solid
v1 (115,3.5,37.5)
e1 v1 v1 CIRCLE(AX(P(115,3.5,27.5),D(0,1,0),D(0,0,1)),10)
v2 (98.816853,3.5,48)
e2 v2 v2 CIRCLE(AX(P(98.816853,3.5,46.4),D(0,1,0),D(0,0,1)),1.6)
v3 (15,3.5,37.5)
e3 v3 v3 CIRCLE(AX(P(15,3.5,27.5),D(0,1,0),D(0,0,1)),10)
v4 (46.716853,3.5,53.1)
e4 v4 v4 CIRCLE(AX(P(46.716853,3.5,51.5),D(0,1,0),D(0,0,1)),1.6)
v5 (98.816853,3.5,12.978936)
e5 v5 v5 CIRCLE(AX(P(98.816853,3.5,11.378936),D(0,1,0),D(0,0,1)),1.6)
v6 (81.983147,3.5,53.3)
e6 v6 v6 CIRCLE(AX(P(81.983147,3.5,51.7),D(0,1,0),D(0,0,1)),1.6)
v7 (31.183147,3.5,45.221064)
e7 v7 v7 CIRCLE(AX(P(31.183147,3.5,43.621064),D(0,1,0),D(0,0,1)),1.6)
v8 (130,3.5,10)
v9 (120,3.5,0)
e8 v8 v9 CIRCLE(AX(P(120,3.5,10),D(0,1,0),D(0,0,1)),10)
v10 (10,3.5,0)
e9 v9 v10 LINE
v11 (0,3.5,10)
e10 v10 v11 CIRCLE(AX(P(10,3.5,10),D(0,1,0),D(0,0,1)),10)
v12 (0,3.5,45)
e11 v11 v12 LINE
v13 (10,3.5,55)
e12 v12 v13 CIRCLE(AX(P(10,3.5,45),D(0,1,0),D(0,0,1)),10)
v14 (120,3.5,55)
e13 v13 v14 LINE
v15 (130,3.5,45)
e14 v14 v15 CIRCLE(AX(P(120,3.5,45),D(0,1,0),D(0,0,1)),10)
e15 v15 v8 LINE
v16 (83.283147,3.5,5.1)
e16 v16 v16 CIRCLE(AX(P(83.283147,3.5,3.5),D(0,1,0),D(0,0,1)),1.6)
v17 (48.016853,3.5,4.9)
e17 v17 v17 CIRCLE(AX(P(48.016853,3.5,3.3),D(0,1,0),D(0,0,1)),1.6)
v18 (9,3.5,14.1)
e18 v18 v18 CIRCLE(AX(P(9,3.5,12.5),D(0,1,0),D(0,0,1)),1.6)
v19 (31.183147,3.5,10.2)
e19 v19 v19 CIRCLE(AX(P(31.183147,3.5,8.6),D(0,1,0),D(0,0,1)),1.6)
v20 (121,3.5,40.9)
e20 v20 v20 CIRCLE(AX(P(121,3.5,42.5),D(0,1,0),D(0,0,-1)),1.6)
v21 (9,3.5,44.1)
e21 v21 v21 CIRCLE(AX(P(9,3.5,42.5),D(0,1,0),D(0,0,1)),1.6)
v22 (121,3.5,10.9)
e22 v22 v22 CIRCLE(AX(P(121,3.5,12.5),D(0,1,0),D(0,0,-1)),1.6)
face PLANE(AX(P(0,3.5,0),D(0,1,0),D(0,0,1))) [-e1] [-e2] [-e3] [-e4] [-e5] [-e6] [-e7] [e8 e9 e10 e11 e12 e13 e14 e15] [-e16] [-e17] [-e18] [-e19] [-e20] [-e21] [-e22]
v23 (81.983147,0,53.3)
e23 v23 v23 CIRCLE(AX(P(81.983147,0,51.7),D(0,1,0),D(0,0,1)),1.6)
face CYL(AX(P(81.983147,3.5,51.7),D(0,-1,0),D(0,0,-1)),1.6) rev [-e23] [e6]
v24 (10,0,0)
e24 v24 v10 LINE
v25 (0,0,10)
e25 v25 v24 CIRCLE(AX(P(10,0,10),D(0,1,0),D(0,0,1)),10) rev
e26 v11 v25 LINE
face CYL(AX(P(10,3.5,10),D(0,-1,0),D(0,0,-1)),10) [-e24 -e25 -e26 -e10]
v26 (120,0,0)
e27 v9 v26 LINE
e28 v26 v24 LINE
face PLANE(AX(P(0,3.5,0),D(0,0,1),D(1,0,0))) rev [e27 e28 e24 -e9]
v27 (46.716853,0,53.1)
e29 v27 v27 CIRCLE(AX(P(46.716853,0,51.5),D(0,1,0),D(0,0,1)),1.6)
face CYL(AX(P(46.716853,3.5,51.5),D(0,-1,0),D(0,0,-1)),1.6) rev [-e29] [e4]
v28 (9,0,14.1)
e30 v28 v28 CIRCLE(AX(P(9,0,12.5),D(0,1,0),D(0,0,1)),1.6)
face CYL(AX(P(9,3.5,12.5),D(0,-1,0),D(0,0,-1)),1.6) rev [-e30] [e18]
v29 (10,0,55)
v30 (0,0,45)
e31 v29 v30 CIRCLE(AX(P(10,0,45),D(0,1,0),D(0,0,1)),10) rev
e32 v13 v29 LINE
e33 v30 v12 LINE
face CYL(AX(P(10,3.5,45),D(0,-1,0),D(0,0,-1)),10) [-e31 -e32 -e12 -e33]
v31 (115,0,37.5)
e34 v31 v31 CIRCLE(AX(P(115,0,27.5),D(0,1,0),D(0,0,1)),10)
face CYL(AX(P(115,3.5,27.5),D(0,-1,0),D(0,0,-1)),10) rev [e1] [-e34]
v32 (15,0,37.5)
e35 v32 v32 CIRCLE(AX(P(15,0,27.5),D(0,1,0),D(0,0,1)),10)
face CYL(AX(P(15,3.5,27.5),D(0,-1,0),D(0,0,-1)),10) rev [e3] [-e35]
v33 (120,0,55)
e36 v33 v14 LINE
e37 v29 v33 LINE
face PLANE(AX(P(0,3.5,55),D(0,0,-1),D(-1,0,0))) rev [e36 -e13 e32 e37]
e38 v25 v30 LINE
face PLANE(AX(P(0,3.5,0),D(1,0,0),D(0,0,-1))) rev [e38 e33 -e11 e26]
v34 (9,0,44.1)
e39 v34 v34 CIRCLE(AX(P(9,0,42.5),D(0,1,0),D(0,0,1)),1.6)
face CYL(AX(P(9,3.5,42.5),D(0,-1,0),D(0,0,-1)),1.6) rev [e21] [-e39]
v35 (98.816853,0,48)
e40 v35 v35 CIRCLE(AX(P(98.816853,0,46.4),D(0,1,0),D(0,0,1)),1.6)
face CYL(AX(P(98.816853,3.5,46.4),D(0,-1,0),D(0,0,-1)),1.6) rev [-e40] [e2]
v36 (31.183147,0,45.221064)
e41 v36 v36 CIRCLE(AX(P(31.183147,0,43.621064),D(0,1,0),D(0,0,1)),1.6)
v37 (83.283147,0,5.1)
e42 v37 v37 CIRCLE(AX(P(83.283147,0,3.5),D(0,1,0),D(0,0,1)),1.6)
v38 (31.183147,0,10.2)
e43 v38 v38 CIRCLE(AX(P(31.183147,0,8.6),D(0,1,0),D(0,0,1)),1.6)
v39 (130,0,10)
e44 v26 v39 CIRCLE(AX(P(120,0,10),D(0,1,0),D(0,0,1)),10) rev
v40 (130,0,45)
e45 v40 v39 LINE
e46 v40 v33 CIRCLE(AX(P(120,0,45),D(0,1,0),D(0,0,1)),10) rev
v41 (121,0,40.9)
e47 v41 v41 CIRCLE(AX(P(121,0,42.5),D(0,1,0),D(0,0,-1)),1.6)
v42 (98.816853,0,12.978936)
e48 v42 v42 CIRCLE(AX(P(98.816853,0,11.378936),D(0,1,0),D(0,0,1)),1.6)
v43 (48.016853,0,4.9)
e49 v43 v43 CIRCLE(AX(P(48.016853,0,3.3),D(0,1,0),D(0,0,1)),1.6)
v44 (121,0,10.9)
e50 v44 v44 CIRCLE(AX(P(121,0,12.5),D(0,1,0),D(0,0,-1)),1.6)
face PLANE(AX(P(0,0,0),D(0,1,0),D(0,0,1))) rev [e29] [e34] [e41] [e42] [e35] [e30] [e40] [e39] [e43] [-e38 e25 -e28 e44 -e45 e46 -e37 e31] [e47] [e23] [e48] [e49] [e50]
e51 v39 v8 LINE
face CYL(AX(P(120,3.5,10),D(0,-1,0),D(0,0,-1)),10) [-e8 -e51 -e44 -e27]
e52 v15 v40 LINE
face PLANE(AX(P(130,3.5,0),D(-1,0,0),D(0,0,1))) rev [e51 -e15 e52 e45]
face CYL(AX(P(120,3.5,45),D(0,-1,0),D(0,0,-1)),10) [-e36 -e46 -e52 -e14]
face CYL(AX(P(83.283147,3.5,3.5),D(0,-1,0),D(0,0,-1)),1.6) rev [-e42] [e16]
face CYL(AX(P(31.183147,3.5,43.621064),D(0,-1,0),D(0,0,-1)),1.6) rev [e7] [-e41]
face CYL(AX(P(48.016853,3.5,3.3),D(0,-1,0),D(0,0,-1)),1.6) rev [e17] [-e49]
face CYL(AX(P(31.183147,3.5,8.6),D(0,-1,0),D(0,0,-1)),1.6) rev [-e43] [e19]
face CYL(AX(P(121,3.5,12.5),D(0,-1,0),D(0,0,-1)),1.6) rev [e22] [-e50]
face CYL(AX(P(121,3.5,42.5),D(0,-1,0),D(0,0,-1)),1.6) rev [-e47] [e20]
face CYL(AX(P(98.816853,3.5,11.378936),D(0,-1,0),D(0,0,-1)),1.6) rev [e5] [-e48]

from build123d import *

# Parameters (mm, degrees)
SKETCH1_W           = 130
SKETCH1_H           = 55
SKETCH1_R           = 1.6
SKETCH1_R_2         = 10
BOSS_EXTRUDE3_DEPTH = 3.5
FILLET3_R           = 10


with BuildPart() as part:
    # Sketch1 → Boss-Extrude3 (new body)
    with BuildSketch(Plane(origin=(0, 0, 0), x_dir=(1, 0, 0), z_dir=(0, 1, 0))):
        with Locations((65, -27.5)):
            Rectangle(SKETCH1_W, SKETCH1_H)
        with Locations((9, -12.5)):
            Circle(SKETCH1_R, mode=Mode.SUBTRACT)
        with Locations((9, -42.5)):
            Circle(SKETCH1_R, mode=Mode.SUBTRACT)
        with Locations((121, -42.5)):
            Circle(SKETCH1_R, mode=Mode.SUBTRACT)
        with Locations((121, -12.5)):
            Circle(SKETCH1_R, mode=Mode.SUBTRACT)
        with Locations((15, -27.5)):
            Circle(SKETCH1_R_2, mode=Mode.SUBTRACT)
        with Locations((115, -27.5)):
            Circle(SKETCH1_R_2, mode=Mode.SUBTRACT)
        with Locations((48.016852514, -3.3)):
            Circle(SKETCH1_R, mode=Mode.SUBTRACT)
        with Locations((46.716852514, -51.5)):
            Circle(SKETCH1_R, mode=Mode.SUBTRACT)
        with Locations((98.816852514, -46.4)):
            Circle(SKETCH1_R, mode=Mode.SUBTRACT)
        with Locations((98.816852514, -11.378935708)):
            Circle(SKETCH1_R, mode=Mode.SUBTRACT)
        with Locations((31.183147486, -43.621064292)):
            Circle(SKETCH1_R, mode=Mode.SUBTRACT)
        with Locations((31.183147486, -8.6)):
            Circle(SKETCH1_R, mode=Mode.SUBTRACT)
        with Locations((83.283147486, -3.5)):
            Circle(SKETCH1_R, mode=Mode.SUBTRACT)
        with Locations((81.983147486, -51.7)):
            Circle(SKETCH1_R, mode=Mode.SUBTRACT)
    extrude(amount=BOSS_EXTRUDE3_DEPTH)

    # Fillet3
    fillet3_edges = [part.edges().sort_by_distance(p)[0] for p in [
        (0, 1.75, 0),
        (130, 1.75, 0),
        (130, 1.75, 55),
        (0, 1.75, 55),
    ]]
    fillet(fillet3_edges, radius=FILLET3_R)


solid = part.part
